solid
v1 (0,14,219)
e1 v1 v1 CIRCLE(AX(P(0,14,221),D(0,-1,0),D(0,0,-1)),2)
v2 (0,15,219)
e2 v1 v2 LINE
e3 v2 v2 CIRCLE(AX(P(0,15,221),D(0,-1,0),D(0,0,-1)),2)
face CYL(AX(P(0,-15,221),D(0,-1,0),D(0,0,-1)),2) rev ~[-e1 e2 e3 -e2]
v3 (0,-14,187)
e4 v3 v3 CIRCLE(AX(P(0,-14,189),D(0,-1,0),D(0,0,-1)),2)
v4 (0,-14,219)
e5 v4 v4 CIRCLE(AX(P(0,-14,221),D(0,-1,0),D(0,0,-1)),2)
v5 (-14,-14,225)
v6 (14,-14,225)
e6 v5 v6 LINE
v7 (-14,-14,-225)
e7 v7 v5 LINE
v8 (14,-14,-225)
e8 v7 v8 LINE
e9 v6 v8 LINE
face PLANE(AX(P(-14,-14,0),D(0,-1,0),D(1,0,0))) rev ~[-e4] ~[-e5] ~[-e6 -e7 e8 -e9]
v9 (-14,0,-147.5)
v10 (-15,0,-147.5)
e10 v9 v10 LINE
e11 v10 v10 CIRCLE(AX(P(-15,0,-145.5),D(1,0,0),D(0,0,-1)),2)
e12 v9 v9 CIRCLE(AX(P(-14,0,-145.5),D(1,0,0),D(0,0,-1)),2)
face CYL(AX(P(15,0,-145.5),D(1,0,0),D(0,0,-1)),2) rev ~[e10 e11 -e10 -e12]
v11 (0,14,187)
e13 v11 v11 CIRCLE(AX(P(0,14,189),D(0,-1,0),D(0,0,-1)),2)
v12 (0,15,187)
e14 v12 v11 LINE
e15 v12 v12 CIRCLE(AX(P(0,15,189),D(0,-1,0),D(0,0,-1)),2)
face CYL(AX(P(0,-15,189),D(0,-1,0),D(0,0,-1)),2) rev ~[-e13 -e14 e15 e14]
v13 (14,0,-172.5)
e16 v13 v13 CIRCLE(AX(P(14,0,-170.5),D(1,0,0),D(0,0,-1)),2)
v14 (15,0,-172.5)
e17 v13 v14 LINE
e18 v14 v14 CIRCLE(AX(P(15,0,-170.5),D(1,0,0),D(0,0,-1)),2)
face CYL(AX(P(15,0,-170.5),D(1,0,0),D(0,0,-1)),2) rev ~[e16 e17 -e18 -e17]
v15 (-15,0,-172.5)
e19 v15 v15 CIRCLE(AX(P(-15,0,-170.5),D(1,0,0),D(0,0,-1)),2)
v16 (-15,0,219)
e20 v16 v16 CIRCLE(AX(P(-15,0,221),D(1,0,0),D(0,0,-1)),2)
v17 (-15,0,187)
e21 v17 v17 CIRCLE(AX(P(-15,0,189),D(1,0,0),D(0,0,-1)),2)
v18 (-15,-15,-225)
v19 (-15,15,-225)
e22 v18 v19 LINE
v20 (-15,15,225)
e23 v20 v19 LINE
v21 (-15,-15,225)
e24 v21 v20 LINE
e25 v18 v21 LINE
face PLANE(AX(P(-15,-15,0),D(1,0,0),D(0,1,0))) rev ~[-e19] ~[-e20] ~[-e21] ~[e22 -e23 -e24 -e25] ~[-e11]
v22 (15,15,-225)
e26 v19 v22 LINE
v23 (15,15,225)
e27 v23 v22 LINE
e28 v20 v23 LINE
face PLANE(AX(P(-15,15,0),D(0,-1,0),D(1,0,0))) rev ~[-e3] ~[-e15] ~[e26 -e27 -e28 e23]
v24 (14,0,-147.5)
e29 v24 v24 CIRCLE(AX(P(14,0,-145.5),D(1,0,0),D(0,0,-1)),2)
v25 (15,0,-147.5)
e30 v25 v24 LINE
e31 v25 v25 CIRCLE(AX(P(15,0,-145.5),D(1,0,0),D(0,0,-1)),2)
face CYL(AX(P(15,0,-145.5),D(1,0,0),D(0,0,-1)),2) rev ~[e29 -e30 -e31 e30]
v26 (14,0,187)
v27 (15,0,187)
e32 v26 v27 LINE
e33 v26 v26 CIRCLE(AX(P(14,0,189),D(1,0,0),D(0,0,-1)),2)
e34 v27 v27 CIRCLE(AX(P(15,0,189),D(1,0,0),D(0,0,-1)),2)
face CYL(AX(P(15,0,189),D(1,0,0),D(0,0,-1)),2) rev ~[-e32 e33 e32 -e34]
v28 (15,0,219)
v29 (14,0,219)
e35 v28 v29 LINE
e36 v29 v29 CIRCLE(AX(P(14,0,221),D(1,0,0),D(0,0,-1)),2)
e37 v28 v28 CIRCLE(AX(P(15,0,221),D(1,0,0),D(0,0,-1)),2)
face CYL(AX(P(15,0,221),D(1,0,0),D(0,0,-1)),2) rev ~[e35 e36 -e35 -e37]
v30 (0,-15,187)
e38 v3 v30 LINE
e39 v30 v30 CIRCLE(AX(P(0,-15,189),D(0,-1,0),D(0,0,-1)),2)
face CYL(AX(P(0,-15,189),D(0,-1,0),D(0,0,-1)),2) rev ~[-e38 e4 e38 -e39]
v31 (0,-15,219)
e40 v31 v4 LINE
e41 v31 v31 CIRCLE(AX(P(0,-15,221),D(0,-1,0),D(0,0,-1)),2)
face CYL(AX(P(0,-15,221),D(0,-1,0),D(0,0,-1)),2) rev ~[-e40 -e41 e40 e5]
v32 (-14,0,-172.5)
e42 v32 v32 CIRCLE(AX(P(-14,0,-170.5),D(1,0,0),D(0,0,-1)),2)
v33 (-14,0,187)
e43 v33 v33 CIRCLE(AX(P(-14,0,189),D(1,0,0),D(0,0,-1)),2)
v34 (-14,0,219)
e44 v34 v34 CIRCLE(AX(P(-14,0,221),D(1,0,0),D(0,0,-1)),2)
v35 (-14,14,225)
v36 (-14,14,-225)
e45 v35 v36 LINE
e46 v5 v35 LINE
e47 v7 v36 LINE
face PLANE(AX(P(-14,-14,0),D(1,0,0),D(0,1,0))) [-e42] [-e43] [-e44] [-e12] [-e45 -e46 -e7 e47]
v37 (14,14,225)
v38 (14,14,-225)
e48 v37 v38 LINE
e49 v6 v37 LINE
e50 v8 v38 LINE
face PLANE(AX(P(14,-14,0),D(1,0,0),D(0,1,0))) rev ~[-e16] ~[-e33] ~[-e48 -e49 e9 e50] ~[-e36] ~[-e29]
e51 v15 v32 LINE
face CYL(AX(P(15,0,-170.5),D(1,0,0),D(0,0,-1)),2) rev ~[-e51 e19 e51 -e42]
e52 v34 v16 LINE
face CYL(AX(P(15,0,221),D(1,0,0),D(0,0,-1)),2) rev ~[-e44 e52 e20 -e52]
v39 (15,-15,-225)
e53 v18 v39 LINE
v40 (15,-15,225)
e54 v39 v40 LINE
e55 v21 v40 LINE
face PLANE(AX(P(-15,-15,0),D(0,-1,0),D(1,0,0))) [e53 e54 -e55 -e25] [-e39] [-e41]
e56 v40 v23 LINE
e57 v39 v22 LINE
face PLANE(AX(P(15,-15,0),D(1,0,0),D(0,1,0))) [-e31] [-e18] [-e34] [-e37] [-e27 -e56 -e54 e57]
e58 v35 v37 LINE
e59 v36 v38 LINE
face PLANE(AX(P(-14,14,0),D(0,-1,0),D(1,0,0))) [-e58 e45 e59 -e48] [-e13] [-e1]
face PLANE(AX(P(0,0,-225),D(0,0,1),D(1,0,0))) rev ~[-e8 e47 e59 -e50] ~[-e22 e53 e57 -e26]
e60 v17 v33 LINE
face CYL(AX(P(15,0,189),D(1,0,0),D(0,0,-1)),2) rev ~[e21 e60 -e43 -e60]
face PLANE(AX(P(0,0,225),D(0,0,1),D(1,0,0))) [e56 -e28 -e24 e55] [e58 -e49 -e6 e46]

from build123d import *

# Parameters (mm, degrees)
SKETCH_1_W          = 30
SKETCH_1_H          = 30
SKETCH_1_W_2        = 28
SKETCH_1_H_2        = 28
EXTRUDE_1_DEPTH     = 225
SKETCH_2_R          = 2
CUT_EXTRUDE_1_DEPTH = 65
SKETCH_4_R          = 2
CUT_EXTRUDE_2_DEPTH = 45
SKETCH_5_R          = 2
CUT_EXTRUDE_3_DEPTH = 45


with BuildPart() as part:
    # 草图1 → 凸台-拉伸1 (new, symmetric)
    with BuildSketch(Plane.XY):
        Rectangle(SKETCH_1_W, SKETCH_1_H)
        Rectangle(SKETCH_1_W_2, SKETCH_1_H_2, mode=Mode.SUBTRACT)
    extrude(amount=EXTRUDE_1_DEPTH, both=True)

    # 草图2 → 切除-拉伸1 (cut, symmetric)
    with BuildSketch(Plane(origin=(15, 0, 0), x_dir=(0, 0, -1), z_dir=(1, 0, 0))):
        with Locations((145.5, 0)):
            Circle(SKETCH_2_R)
        with Locations((170.5, 0)):
            Circle(SKETCH_2_R)
    extrude(amount=CUT_EXTRUDE_1_DEPTH, both=True, mode=Mode.SUBTRACT)

    # 草图4 → 切除-拉伸2 (cut, symmetric)
    with BuildSketch(Plane.XZ.offset(15)):
        with Locations(Location((0, 221, 0), (0, 0, 270))):
            Circle(SKETCH_4_R)
        with Locations(Location((0, 189, 0), (0, 0, 270))):
            Circle(SKETCH_4_R)
    extrude(amount=CUT_EXTRUDE_2_DEPTH, both=True, mode=Mode.SUBTRACT)

    # 草图5 → 切除-拉伸3 (cut, symmetric)
    with BuildSketch(Plane(origin=(15, 0, 0), x_dir=(0, 0, -1), z_dir=(1, 0, 0))):
        with Locations((-221, 0)):
            Circle(SKETCH_5_R)
        with Locations((-189, 0)):
            Circle(SKETCH_5_R)
    extrude(amount=CUT_EXTRUDE_3_DEPTH, both=True, mode=Mode.SUBTRACT)


solid = part.part
